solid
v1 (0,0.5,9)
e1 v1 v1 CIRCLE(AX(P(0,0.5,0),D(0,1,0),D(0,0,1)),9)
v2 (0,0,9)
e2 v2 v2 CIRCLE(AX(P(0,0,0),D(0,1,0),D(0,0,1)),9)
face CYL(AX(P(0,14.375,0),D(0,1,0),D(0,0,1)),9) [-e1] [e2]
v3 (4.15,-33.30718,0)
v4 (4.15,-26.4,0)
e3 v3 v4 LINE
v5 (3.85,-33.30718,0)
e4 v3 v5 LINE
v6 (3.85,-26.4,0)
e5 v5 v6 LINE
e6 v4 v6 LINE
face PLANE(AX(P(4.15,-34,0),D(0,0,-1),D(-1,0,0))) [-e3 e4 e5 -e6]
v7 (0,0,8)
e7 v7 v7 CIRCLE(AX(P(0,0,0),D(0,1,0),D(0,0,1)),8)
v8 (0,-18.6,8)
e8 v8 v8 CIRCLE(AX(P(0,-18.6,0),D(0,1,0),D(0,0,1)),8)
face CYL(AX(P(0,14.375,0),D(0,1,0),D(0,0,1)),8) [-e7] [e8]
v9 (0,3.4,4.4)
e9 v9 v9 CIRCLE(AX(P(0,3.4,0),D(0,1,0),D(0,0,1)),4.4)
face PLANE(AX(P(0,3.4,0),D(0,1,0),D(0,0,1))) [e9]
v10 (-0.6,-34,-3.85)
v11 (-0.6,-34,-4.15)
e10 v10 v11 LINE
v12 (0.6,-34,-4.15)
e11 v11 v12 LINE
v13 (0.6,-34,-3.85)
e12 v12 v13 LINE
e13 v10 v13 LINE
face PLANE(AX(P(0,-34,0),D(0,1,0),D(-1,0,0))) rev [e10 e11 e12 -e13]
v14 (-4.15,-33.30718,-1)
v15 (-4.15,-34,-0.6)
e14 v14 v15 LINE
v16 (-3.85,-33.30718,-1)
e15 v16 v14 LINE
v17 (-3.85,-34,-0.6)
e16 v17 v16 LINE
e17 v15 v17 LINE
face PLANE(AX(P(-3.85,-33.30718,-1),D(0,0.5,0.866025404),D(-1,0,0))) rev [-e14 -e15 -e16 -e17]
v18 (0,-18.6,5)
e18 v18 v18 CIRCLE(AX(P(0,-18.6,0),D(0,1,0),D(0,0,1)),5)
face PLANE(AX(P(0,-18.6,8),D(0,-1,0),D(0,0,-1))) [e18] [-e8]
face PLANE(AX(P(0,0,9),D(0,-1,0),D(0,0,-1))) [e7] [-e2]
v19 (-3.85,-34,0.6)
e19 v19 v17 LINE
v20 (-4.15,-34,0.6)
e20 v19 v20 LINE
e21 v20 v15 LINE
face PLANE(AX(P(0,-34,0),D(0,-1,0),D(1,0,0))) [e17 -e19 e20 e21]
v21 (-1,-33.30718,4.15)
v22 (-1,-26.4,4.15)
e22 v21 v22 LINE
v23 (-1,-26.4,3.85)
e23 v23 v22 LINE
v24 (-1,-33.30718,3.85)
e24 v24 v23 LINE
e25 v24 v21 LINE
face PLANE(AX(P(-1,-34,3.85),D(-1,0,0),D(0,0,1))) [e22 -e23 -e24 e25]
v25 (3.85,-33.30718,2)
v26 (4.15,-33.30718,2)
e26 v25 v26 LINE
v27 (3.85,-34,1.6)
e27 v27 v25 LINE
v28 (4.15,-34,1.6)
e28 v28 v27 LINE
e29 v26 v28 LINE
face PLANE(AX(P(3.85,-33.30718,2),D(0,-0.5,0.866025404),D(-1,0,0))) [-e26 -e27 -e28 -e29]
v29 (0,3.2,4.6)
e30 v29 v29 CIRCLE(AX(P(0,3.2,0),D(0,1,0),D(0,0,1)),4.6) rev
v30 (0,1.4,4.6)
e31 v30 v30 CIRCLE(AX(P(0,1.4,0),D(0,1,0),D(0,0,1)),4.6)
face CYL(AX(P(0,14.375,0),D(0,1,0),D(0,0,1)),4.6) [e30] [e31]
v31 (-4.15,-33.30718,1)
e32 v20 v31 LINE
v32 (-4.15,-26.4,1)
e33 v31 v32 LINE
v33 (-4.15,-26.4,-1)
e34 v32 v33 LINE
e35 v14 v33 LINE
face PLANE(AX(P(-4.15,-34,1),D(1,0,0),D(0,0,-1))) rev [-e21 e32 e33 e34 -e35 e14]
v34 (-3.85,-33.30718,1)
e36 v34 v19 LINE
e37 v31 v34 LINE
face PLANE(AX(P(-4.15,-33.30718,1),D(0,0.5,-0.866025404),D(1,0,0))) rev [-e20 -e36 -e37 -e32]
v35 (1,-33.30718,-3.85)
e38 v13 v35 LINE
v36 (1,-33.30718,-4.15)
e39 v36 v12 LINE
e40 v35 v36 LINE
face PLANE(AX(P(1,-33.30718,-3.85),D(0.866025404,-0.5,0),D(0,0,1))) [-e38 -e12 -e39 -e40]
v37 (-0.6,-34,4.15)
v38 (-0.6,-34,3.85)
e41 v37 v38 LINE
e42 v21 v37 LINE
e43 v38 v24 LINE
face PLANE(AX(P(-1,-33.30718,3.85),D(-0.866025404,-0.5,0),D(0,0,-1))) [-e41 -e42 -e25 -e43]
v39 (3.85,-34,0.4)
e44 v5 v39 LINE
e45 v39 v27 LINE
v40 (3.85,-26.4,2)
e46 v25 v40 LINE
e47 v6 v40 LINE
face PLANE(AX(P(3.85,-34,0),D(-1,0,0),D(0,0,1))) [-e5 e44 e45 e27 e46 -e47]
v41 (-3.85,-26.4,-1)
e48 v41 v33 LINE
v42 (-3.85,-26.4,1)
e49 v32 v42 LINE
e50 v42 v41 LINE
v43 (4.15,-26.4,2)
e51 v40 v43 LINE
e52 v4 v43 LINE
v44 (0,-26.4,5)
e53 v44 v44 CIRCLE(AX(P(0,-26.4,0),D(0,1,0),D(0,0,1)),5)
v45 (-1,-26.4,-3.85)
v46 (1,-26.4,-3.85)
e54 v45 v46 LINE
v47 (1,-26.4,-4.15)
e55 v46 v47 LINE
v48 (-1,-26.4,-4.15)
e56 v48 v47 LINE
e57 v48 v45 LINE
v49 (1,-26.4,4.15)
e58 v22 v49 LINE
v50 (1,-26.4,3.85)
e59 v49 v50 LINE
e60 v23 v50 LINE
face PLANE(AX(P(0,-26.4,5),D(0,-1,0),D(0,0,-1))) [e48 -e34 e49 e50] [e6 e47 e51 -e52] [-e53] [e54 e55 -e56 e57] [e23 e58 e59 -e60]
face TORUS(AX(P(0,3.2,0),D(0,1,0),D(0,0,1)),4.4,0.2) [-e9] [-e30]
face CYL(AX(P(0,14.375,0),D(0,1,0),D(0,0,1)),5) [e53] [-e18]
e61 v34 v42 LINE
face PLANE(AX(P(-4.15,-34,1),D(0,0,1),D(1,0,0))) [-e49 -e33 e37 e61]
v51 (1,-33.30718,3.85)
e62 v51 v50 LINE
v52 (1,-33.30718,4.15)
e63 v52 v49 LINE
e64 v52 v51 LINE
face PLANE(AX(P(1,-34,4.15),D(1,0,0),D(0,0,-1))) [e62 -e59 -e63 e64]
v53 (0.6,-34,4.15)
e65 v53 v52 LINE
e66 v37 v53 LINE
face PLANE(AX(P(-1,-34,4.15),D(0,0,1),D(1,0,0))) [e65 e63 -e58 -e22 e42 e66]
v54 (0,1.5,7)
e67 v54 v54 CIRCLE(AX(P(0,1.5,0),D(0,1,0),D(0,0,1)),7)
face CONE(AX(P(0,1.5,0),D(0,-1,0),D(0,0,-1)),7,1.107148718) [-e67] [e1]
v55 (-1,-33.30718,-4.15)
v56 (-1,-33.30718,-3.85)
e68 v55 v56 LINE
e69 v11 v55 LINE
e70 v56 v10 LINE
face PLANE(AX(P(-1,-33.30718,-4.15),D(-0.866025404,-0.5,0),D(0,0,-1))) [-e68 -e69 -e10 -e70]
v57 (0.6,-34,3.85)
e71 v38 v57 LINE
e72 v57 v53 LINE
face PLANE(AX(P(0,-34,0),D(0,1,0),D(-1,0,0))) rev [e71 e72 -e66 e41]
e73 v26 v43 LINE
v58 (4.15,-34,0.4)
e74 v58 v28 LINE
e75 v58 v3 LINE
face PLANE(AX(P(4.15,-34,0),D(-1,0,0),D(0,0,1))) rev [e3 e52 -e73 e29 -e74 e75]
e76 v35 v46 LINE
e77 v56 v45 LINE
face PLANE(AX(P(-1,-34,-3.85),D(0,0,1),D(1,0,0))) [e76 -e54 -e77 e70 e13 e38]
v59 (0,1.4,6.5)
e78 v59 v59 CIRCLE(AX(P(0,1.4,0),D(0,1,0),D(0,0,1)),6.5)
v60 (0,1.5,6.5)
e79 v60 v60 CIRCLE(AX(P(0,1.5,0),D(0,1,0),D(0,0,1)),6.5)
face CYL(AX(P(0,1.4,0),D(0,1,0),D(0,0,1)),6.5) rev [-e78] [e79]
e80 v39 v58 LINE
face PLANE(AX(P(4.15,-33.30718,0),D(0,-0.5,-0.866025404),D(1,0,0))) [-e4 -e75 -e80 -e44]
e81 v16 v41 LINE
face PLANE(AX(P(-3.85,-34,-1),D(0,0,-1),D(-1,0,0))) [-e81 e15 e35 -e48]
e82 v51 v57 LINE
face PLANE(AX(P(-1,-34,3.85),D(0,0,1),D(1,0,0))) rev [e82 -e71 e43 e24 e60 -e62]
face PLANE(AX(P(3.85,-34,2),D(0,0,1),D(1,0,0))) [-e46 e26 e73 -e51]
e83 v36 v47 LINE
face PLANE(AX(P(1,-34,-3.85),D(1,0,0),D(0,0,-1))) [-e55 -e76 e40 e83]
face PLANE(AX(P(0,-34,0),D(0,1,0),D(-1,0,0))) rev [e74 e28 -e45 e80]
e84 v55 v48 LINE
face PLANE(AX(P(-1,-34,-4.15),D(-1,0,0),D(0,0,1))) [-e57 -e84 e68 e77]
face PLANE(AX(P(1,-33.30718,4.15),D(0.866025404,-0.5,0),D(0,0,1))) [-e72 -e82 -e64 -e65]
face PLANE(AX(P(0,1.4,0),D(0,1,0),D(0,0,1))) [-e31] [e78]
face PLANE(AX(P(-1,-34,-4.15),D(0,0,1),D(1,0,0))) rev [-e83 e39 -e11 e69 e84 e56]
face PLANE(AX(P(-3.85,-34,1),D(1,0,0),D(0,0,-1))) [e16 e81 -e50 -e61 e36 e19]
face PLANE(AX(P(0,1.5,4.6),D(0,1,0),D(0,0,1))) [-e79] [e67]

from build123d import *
from OCP.BRepFilletAPI import BRepFilletAPI_MakeChamfer

# Parameters (mm, degrees)
FILLET1_R           = 0.2
CUT_EXTRUDE1_START  = -0.1
SKETCH2_R           = 6.5
SKETCH2_R_2         = 4.6
CUT_EXTRUDE1_DEPTH  = 0.1
SKETCH3_W           = 2
SKETCH3_H           = 0.3
SKETCH3_W_2         = 0.3
SKETCH3_H_2         = 2
EXTRUDE_THIN1_DEPTH = 7.6
CHAMFER1_SIZE       = 0.4
CHAMFER1_SIZE2      = 0.692820323


with BuildPart() as part:
    # Sketch1 → Revolve1 (revolve)
    with BuildSketch(Plane(origin=(0, 0, 0), x_dir=(0, 0, -1), z_dir=(1, 0, 0))):
        Polygon((0, 3.4), (-4.6, 3.4), (-4.6, 1.5), (-7, 1.5), (-9, 0.5), (-9, 0), (-8, 0), (-8, -18.6), (-5, -18.6), (-5, -26.4), (0, -26.4), align=None)
    revolve(axis=Axis((0, 14.375, 0), (0, -1, 0)))

    # Fillet1
    fillet1_edges = [part.edges().sort_by_distance(p)[0] for p in [
        (0, 3.4, -4.6),
    ]]
    fillet(fillet1_edges, radius=FILLET1_R)

    # Sketch2 → Cut-Extrude1 (cut)
    with BuildSketch(Plane(origin=(0, 1.5, 0), x_dir=(1, 0, 0), z_dir=(0, 1, 0)).offset(CUT_EXTRUDE1_START)):
        with Locations(Location((0, 0, 0), (0, 0, 270))):
            Circle(SKETCH2_R)
        with Locations(Location((0, 0, 0), (0, 0, 270))):
            Circle(SKETCH2_R_2, mode=Mode.SUBTRACT)
    extrude(amount=CUT_EXTRUDE1_DEPTH, mode=Mode.SUBTRACT)

    # Sketch3 → Extrude-Thin1 (add)
    with BuildSketch(Plane.XZ.offset(26.4)):
        with Locations((0, 4)):
            Rectangle(SKETCH3_W, SKETCH3_H)
        with Locations((0, -4)):
            Rectangle(SKETCH3_W, SKETCH3_H)
        with Locations((-4, 0)):
            Rectangle(SKETCH3_W_2, SKETCH3_H_2)
        with Locations((4, 1)):
            Rectangle(SKETCH3_W_2, SKETCH3_H_2)
    extrude(amount=EXTRUDE_THIN1_DEPTH)

    # Chamfer1: one chamfer whose edges measure the first distance from different faces: ONE call of the kernel's chamfer builder (chamfer() names one face for all edges)
    chamfer1_edges_1 = [part.edges().sort_by_distance(p)[0] for p in [
        (1, -34, 4),
        (-1, -34, 4),
    ]]
    chamfer1_side_1 = [part.faces().sort_by_distance(p)[0] for p in [
        (0, -34, 4),
    ]]
    chamfer1_edges_2 = [part.edges().sort_by_distance(p)[0] for p in [
        (1, -34, -4),
        (-1, -34, -4),
    ]]
    chamfer1_side_2 = [part.faces().sort_by_distance(p)[0] for p in [
        (0, -34, -4),
    ]]
    chamfer1_edges_3 = [part.edges().sort_by_distance(p)[0] for p in [
        (-4, -34, -1),
        (-4, -34, 1),
    ]]
    chamfer1_side_3 = [part.faces().sort_by_distance(p)[0] for p in [
        (-4, -34, 0),
    ]]
    chamfer1_edges_4 = [part.edges().sort_by_distance(p)[0] for p in [
        (4, -34, 2),
        (4, -34, 0),
    ]]
    chamfer1_side_4 = [part.faces().sort_by_distance(p)[0] for p in [
        (4, -34, 1),
    ]]
    chamfer1 = BRepFilletAPI_MakeChamfer(part.part.solid().wrapped)
    for e in chamfer1_edges_1:
        chamfer1.Add(CHAMFER1_SIZE, CHAMFER1_SIZE2, e.wrapped, chamfer1_side_1[0].wrapped)  # the first distance lies on this face
    for e in chamfer1_edges_2:
        chamfer1.Add(CHAMFER1_SIZE, CHAMFER1_SIZE2, e.wrapped, chamfer1_side_2[0].wrapped)  # the first distance lies on this face
    for e in chamfer1_edges_3:
        chamfer1.Add(CHAMFER1_SIZE, CHAMFER1_SIZE2, e.wrapped, chamfer1_side_3[0].wrapped)  # the first distance lies on this face
    for e in chamfer1_edges_4:
        chamfer1.Add(CHAMFER1_SIZE, CHAMFER1_SIZE2, e.wrapped, chamfer1_side_4[0].wrapped)  # the first distance lies on this face
    add(Compound.cast(chamfer1.Shape()), mode=Mode.REPLACE)


solid = part.part
